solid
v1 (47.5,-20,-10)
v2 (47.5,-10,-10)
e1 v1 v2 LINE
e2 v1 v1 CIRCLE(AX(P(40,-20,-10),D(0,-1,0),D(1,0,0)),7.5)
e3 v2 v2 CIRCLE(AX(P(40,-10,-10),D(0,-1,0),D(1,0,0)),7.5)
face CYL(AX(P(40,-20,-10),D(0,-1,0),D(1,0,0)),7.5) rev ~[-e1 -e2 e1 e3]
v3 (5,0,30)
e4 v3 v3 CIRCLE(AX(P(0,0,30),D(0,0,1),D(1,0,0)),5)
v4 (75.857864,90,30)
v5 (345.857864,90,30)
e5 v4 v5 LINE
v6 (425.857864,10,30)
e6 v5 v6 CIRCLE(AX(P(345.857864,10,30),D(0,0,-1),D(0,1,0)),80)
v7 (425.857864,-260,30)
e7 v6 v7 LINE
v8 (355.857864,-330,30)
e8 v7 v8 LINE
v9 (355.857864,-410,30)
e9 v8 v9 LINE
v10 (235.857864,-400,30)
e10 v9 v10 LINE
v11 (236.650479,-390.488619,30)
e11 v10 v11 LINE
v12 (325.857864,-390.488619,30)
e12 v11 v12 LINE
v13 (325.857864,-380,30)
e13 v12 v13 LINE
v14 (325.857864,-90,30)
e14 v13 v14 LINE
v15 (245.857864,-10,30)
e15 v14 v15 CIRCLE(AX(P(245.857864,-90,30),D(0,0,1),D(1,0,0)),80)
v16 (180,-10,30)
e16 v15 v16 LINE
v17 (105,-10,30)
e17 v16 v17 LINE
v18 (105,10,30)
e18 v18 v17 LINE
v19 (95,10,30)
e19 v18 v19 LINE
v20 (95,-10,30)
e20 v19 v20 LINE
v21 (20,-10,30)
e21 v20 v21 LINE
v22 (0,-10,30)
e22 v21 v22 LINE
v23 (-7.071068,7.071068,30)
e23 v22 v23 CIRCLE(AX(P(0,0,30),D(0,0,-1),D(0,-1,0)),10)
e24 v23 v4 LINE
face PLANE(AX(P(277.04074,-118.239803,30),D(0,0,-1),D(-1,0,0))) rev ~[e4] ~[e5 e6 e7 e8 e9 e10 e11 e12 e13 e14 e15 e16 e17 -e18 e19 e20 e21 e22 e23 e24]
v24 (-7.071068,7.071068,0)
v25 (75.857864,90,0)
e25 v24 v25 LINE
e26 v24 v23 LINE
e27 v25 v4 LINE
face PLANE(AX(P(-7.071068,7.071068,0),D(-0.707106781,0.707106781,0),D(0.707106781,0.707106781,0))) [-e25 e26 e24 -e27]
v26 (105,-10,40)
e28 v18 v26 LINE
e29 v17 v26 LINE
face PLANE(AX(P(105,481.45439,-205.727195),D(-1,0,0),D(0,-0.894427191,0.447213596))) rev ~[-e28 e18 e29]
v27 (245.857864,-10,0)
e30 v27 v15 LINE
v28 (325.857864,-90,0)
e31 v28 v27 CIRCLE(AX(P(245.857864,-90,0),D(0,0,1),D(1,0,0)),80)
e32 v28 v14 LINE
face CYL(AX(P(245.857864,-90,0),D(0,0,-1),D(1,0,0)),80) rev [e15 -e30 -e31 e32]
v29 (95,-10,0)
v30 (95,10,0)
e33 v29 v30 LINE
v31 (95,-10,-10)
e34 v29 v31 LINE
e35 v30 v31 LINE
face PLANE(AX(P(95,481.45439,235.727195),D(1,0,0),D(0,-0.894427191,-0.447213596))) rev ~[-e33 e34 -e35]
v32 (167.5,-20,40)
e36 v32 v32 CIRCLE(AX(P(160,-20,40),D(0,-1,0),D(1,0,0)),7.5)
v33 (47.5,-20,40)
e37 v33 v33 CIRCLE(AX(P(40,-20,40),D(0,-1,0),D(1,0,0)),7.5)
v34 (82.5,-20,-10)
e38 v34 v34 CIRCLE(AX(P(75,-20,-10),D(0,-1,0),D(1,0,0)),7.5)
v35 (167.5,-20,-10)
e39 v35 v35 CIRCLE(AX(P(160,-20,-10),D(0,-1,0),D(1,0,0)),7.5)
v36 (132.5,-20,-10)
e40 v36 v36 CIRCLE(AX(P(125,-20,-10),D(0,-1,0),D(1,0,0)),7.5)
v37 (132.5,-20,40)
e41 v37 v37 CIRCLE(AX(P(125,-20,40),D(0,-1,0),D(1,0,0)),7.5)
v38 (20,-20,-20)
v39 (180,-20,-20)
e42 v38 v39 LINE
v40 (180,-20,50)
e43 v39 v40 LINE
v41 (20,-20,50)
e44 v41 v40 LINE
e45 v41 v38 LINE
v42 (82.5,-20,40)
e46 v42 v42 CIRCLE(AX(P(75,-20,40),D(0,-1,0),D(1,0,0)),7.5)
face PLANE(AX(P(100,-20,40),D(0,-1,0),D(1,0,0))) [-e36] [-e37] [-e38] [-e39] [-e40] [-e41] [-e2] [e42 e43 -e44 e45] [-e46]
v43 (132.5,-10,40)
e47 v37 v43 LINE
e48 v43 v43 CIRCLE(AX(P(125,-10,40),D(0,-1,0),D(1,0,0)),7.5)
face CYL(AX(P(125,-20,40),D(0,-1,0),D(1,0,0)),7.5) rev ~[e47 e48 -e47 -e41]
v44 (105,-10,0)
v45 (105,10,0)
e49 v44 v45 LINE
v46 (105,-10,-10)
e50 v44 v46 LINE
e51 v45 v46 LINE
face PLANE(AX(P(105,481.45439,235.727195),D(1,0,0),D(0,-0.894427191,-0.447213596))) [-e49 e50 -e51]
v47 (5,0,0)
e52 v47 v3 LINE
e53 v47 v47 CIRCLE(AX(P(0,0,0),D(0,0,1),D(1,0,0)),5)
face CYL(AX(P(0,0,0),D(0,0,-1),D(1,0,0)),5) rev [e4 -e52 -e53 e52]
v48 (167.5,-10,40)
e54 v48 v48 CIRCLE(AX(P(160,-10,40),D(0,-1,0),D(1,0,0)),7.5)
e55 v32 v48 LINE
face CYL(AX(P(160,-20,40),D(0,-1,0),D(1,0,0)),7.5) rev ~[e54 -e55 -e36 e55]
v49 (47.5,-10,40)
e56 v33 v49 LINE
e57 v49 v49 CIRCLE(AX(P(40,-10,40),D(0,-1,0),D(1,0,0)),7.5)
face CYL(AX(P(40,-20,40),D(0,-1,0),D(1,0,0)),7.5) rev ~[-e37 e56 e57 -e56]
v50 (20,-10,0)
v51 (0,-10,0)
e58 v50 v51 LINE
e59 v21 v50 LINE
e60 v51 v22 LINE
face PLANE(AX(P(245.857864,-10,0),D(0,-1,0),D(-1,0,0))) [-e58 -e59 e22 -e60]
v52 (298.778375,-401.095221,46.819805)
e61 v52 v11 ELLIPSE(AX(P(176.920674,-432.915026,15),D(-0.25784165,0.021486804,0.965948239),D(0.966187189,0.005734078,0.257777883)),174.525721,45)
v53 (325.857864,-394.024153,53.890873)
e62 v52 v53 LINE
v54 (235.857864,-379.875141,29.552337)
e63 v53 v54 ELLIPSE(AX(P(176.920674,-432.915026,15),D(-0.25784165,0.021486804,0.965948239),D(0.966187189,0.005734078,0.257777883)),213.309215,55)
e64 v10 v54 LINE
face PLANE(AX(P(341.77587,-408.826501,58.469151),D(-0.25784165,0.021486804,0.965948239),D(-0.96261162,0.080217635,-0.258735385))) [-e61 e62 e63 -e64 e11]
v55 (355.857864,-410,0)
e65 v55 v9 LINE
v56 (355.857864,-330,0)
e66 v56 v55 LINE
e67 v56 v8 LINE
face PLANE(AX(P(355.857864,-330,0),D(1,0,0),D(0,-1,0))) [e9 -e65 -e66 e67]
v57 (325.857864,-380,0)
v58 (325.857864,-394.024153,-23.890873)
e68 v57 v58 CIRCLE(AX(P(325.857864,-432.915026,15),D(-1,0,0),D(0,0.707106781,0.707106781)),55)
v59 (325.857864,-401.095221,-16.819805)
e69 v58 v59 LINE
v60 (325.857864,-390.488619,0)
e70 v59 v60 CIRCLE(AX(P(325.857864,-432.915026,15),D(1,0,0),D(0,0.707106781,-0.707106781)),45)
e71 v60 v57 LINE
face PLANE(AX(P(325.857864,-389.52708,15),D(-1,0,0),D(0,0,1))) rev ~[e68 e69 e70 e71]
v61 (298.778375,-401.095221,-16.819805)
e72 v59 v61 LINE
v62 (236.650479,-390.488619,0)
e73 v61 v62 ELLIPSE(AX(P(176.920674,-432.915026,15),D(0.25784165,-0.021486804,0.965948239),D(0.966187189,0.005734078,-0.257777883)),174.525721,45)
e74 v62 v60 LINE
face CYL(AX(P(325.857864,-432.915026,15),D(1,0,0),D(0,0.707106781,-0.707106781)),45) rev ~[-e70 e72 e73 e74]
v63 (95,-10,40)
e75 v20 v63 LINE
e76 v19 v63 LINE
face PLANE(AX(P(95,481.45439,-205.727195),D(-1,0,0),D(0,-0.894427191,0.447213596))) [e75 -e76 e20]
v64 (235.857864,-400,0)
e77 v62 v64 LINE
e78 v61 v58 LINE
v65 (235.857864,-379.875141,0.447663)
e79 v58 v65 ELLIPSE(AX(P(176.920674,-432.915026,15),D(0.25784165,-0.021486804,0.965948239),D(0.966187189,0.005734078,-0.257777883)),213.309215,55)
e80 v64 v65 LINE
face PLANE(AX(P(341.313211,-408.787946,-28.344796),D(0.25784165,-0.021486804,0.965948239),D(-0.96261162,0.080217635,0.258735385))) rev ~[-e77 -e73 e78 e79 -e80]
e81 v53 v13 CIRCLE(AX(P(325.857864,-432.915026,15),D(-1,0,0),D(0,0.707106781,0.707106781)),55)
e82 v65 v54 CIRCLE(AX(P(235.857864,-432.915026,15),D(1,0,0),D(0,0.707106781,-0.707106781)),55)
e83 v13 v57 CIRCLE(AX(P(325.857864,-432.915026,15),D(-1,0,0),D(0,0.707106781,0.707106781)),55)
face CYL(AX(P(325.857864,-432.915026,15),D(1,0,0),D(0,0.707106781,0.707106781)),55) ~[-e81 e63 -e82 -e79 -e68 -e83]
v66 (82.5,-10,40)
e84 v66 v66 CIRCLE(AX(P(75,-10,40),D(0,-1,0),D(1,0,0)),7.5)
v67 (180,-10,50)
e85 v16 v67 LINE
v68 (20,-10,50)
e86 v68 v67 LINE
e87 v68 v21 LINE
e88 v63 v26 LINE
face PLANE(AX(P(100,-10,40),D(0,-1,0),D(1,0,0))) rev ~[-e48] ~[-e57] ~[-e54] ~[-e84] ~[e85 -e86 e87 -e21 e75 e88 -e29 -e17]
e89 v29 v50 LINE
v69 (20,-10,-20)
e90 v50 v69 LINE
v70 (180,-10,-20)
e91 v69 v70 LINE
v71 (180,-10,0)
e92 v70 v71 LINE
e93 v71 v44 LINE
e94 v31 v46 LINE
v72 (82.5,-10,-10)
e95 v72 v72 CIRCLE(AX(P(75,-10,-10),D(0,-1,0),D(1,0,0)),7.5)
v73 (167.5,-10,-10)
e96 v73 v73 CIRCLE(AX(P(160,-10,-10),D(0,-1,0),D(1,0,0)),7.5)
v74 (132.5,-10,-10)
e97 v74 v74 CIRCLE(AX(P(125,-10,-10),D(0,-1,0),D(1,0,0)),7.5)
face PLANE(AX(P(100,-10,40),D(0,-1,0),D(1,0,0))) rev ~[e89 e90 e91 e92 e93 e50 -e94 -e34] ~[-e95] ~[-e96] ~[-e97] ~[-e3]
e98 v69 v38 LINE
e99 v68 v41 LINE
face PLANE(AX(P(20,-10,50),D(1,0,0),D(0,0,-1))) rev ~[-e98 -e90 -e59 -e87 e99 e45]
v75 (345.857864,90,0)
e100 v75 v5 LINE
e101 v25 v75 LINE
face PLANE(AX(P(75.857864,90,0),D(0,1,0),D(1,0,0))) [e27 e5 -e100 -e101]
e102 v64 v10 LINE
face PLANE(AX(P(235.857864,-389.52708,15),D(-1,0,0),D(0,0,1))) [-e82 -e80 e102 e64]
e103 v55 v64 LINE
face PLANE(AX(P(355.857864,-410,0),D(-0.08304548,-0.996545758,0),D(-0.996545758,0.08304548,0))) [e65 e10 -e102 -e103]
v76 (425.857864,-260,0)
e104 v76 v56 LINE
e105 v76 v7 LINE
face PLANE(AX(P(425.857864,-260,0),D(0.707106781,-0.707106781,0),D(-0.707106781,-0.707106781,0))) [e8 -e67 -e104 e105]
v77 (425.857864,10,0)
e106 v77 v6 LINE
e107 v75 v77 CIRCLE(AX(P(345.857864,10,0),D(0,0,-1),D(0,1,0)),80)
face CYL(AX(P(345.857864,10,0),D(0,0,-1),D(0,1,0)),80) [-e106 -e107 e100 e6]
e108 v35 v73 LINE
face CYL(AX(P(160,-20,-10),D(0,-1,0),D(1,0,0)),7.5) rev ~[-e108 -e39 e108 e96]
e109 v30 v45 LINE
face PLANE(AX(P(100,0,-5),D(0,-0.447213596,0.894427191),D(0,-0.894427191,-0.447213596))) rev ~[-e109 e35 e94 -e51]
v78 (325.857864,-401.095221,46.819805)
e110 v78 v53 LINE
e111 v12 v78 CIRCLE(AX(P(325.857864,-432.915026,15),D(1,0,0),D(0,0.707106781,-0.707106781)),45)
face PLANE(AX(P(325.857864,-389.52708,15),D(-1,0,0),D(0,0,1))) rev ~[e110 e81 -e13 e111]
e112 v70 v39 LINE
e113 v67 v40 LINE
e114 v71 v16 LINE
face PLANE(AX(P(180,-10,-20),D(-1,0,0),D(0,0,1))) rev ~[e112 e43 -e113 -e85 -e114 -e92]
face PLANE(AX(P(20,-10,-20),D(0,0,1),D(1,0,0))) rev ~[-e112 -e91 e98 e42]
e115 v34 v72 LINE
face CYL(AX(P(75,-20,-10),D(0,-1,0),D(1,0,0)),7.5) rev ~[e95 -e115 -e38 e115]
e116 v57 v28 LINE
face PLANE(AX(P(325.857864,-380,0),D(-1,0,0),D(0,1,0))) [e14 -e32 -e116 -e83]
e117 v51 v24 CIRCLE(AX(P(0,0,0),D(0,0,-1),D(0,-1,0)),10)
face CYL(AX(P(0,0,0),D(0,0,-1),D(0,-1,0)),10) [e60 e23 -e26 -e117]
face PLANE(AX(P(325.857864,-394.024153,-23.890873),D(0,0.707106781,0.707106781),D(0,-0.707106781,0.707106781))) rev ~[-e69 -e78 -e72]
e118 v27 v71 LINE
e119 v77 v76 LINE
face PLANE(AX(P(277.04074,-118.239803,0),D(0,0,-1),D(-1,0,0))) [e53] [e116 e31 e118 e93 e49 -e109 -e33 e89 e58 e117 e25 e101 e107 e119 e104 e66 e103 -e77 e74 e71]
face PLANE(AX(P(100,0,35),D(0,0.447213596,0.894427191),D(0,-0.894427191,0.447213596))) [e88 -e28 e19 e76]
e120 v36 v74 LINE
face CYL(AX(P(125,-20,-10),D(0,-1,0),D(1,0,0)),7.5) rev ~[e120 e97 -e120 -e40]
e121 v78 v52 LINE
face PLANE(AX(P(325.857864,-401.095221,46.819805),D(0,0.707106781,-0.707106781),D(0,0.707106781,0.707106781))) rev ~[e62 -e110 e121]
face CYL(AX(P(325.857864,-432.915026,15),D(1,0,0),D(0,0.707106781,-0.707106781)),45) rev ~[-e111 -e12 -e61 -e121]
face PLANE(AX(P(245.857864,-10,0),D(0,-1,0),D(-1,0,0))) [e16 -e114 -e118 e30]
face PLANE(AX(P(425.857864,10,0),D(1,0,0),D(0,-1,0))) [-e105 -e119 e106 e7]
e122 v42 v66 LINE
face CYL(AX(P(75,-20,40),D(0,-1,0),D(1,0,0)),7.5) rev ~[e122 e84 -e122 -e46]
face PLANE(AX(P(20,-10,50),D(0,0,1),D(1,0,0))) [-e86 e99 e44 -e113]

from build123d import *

# Parameters (mm, degrees)
SKETCH1_R           = 5
BOSS_EXTRUDE1_DEPTH = 30
SKETCH2_W           = 160
SKETCH2_H           = 20
SKETCH2_H_2         = 30
BOSS_EXTRUDE2_DEPTH = 10
RIB1_REACH          = 528.102
SKETCH5_WALL_W      = 1076.564743208
SKETCH5_WALL_H      = 10
RIB17_REACH         = 528.102
SKETCH7_WALL_W      = 1076.564743208
SKETCH7_WALL_H      = 10
SKETCH8_R           = 7.5
CUT_EXTRUDE1_DEPTH  = 10
BOSS_EXTRUDE3_DEPTH = 90
CUT_EXTRUDE3_DEPTH  = 30


with BuildPart() as part:
    # Sketch1 → Boss-Extrude1 (new body)
    with BuildSketch(Plane.XY):
        with BuildLine():
            Line((-7.071067812, 7.071067812), (75.857864376, 90))
            Line((75.857864376, 90), (345.857864376, 90))
            ThreePointArc((345.857864376, 90), (402.426406871, 66.568542495), (425.857864376, 10))
            Line((425.857864376, 10), (425.857864376, -260))
            Line((425.857864376, -260), (355.857864376, -330))
            Line((355.857864376, -330), (355.857864376, -410))
            Line((355.857864376, -410), (235.857864376, -400))
            Line((235.857864376, -400), (235.857864376, -380))
            Line((235.857864376, -380), (325.857864376, -380))
            Line((325.857864376, -380), (325.857864376, -90))
            ThreePointArc((325.857864376, -90), (302.426406871, -33.431457505), (245.857864376, -10))
            Line((245.857864376, -10), (0, -10))
            ThreePointArc((0, -10), (-9.238795325, -3.826834324), (-7.071067812, 7.071067812))
        make_face()
        Circle(SKETCH1_R, mode=Mode.SUBTRACT)
    extrude(amount=BOSS_EXTRUDE1_DEPTH)

    # Sketch2 → Boss-Extrude2 (add)
    with BuildSketch(Plane.XZ.offset(10)):
        with Locations((100, 40)):
            Rectangle(SKETCH2_W, SKETCH2_H)
        with Locations((100, 15)):
            Rectangle(SKETCH2_W, SKETCH2_H_2)
        with Locations((100, -10)):
            Rectangle(SKETCH2_W, SKETCH2_H)
    extrude(amount=BOSS_EXTRUDE2_DEPTH)

    # Sketch5 wall → Rib1 (add, up to next)
    with BuildSketch(Plane(origin=(100, 0, 35), x_dir=(0, -0.894427191, 0.4472135955), z_dir=(0, 0.4472135955, 0.894427191)), mode=Mode.PRIVATE) as rib1_sk1:
        Rectangle(SKETCH5_WALL_W, SKETCH5_WALL_H)
    rib1_tool1 = extrude(rib1_sk1.sketch, amount=-RIB1_REACH, mode=Mode.PRIVATE) - part.part
    add(rib1_tool1.solids().sort_by_distance((100, 0, 35))[0])

    # Sketch7 wall → Rib17 (add, up to next)
    with BuildSketch(Plane(origin=(100, 0, -5), x_dir=(0, -0.894427191, -0.4472135955), z_dir=(0, -0.4472135955, 0.894427191)), mode=Mode.PRIVATE) as rib17_sk1:
        Rectangle(SKETCH7_WALL_W, SKETCH7_WALL_H)
    rib17_tool1 = extrude(rib17_sk1.sketch, amount=RIB17_REACH, mode=Mode.PRIVATE) - part.part
    add(rib17_tool1.solids().sort_by_distance((100, 0, -5))[0])

    # Sketch8 → Cut-Extrude1 (cut)
    with BuildSketch(Plane.XZ.offset(20)):
        with Locations((40, 40)):
            Circle(SKETCH8_R)
        with Locations((75, 40)):
            Circle(SKETCH8_R)
        with Locations((40, -10)):
            Circle(SKETCH8_R)
        with Locations((75, -10)):
            Circle(SKETCH8_R)
        with Locations((125, -10)):
            Circle(SKETCH8_R)
        with Locations((160, -10)):
            Circle(SKETCH8_R)
        with Locations((160, 40)):
            Circle(SKETCH8_R)
        with Locations((125, 40)):
            Circle(SKETCH8_R)
    extrude(amount=-CUT_EXTRUDE1_DEPTH, mode=Mode.SUBTRACT)

    # Sketch9 → Boss-Extrude3 (add)
    with BuildSketch(Plane.ZY.offset(-325.857864376)):
        with BuildLine():
            Line((-23.890872965, -394.024153256), (-16.819805153, -401.095221068))
            ThreePointArc((-16.819805153, -401.095221068), (15, -387.915026221), (46.819805153, -401.095221068))
            Line((46.819805153, -401.095221068), (53.890872965, -394.024153256))
            ThreePointArc((53.890872965, -394.024153256), (15, -377.915026221), (-23.890872965, -394.024153256))
        make_face()
    extrude(amount=BOSS_EXTRUDE3_DEPTH)

    # Sketch10 → Cut-Extrude3 (cut)
    with BuildSketch(Plane(origin=(-31.476842315, -377.722107776, 0), x_dir=(0.9965457582448797, -0.08304547985374007, 0), z_dir=(-0.08304547985374007, -0.9965457582448797, 0))):
        Polygon((374.546486812, 58.469151485), (256.226012344, 26.776259204), (256.226012344, 62.056204403), align=None)
        Polygon((374.082224106, -28.344795763), (258.075215741, 2.728419895), (258.075215741, -32.721264486), align=None)
    extrude(amount=-CUT_EXTRUDE3_DEPTH, mode=Mode.SUBTRACT)


with BuildPart() as body_2:
    # of the pieces the cut leaves, the one that is kept (cut_extrude3_keep)
    add(part.part.solids().sort_by_distance((245.857864376, -10, 0))[0])


solid = body_2.part
